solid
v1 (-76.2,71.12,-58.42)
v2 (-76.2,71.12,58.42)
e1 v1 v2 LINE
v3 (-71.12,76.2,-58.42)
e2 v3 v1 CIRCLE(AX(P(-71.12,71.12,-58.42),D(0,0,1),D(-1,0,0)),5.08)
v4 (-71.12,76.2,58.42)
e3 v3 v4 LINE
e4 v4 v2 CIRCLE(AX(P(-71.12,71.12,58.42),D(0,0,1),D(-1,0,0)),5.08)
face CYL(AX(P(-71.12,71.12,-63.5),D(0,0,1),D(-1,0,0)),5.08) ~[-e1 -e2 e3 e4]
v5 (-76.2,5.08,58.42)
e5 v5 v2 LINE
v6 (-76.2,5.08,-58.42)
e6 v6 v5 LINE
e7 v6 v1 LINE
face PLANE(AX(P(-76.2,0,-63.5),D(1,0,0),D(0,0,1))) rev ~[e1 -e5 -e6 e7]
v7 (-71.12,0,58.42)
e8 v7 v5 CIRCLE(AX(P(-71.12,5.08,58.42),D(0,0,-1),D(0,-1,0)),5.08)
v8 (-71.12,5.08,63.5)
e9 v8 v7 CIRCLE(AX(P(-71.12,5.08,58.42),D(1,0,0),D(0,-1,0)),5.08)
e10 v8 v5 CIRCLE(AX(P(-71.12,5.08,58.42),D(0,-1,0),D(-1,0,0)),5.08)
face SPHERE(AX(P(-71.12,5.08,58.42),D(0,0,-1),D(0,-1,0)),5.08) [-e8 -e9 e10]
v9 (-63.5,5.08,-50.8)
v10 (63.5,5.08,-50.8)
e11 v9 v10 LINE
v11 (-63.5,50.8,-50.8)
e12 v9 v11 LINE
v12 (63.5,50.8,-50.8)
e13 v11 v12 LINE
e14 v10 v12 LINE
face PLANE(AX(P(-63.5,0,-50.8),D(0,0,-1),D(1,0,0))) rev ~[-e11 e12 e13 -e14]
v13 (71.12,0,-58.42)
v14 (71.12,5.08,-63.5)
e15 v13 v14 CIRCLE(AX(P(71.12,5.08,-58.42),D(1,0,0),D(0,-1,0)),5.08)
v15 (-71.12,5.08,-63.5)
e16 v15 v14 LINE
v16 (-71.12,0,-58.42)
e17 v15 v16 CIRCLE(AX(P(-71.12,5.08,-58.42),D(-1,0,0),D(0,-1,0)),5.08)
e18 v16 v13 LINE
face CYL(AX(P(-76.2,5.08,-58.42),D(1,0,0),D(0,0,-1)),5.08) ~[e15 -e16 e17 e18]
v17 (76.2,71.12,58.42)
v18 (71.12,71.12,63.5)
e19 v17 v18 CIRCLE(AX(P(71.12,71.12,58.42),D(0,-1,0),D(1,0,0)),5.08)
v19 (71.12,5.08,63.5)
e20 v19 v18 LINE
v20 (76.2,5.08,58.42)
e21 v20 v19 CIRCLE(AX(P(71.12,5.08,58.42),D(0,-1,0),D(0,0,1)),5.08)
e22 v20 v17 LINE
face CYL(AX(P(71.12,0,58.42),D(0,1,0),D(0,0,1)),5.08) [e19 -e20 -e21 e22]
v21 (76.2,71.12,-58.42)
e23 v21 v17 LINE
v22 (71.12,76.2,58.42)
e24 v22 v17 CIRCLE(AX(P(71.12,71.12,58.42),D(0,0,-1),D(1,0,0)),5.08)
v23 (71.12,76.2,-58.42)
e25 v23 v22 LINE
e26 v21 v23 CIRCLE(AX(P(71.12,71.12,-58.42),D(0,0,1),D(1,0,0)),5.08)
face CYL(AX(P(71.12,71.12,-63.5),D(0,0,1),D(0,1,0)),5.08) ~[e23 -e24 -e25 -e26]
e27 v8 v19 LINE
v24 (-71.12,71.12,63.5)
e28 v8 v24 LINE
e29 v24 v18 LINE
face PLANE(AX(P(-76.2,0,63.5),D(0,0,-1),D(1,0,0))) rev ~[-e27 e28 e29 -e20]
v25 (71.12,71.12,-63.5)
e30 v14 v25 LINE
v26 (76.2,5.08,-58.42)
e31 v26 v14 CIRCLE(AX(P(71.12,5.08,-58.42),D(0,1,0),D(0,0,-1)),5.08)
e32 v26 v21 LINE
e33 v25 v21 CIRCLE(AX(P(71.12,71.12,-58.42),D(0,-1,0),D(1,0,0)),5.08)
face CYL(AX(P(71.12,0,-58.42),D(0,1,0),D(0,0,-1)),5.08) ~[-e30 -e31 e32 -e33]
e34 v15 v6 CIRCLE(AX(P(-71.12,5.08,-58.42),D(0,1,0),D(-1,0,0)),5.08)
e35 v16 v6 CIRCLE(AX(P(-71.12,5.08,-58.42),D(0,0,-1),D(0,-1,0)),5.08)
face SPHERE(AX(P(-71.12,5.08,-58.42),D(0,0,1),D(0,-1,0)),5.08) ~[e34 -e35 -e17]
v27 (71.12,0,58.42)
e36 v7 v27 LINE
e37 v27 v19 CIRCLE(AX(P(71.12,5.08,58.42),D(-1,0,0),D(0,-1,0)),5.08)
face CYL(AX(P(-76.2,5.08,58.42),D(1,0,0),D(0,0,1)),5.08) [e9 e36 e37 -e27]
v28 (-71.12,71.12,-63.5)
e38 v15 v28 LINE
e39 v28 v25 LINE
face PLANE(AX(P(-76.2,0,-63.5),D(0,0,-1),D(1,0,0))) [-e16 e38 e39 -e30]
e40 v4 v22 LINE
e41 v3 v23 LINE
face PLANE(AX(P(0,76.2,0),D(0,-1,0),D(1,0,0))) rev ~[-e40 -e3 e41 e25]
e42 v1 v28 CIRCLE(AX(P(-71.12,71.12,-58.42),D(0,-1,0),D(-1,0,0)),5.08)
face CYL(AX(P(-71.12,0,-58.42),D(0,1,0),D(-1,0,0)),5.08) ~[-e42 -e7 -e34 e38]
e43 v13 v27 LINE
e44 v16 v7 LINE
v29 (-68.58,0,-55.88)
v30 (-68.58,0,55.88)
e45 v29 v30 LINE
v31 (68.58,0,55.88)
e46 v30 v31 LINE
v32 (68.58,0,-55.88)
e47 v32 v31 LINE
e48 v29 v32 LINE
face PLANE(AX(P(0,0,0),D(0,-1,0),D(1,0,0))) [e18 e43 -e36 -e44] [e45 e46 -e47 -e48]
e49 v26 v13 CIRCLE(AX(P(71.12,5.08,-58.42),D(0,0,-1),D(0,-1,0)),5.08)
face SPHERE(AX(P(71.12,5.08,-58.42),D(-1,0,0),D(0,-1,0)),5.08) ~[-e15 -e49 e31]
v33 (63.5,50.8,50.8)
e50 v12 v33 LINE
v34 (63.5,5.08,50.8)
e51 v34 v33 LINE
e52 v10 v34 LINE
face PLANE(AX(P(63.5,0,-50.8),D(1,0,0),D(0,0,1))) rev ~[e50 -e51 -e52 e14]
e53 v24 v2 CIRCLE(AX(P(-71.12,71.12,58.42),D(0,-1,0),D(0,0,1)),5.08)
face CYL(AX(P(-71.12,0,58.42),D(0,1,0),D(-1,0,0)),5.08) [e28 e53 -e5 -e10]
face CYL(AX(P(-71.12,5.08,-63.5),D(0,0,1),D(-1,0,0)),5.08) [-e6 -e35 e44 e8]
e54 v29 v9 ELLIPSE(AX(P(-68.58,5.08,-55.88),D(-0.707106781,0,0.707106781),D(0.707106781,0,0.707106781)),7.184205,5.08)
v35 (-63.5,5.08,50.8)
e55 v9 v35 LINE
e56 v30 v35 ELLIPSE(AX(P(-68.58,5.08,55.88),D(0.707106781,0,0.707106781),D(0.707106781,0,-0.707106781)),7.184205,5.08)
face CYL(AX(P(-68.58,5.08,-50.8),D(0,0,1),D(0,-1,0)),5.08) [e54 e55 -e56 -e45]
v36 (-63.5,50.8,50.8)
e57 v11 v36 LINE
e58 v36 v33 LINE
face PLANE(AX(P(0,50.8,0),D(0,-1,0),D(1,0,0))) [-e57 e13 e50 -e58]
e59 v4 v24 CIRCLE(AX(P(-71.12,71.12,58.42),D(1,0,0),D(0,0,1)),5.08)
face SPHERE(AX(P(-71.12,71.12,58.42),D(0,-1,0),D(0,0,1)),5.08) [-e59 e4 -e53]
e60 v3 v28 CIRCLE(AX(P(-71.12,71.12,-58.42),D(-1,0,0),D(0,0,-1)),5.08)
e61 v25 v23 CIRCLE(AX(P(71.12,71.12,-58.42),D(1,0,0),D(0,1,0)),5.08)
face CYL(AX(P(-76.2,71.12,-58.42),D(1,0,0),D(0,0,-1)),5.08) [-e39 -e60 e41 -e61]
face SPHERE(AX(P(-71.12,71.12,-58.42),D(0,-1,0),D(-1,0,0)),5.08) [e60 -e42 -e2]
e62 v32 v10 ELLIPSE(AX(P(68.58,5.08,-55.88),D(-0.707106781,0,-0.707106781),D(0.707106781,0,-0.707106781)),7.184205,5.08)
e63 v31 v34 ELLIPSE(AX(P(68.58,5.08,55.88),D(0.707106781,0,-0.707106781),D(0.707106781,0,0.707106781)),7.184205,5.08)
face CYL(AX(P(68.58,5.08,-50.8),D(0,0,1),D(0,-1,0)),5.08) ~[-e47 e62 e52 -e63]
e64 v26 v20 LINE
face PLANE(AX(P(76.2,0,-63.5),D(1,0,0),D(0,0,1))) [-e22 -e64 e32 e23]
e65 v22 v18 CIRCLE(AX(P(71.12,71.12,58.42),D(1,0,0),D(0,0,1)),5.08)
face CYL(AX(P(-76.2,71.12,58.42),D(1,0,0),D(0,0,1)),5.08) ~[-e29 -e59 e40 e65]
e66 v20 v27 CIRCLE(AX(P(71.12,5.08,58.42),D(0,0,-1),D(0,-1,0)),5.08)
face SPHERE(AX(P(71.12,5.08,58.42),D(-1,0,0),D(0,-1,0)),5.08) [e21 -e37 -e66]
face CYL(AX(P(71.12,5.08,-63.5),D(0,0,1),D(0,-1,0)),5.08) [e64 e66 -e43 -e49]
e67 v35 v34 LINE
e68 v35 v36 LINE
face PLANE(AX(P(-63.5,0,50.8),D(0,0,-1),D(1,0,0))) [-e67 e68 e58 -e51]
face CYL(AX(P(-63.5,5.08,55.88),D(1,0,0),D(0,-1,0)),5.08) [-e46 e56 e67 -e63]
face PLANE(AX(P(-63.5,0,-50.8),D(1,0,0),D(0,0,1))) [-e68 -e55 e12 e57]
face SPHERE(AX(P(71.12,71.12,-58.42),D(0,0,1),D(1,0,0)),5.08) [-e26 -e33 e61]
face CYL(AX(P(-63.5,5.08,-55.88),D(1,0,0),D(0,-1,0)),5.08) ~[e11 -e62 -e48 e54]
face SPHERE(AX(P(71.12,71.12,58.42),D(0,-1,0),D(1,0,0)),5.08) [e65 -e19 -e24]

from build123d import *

# Parameters (mm, degrees)
F0_W     = 152.4
F0_H     = 127
F1_DEPTH = 76.2
F2_W     = 127
F2_H     = 101.6
F3_DEPTH = 50.8
F4_R     = 5.08


with BuildPart() as f1:
    # F0 (on Front) → F1 (new body)
    with BuildSketch(Plane.XZ):
        Rectangle(F0_W, F0_H)
    extrude(amount=-F1_DEPTH)

    # F2 (on face) → F3 (cut)
    with BuildSketch(Plane.XZ):
        Rectangle(F2_W, F2_H)
    extrude(amount=-F3_DEPTH, mode=Mode.SUBTRACT)

    # F4
    f4_edges = [f1.edges().sort_by_distance(p)[0] for p in [
        (-76.2, 0, 0),
        (0, 0, 63.5),
        (0, 0, 50.8),
        (-63.5, 0, 0),
        (0, 0, -50.8),
        (0, 0, -63.5),
        (76.2, 0, 0),
        (63.5, 0, 0),
        (76.2, 38.1, 63.5),
        (76.2, 76.2, 0),
        (76.2, 38.1, -63.5),
        (-76.2, 38.1, 63.5),
        (0, 76.2, 63.5),
        (-76.2, 38.1, -63.5),
        (-76.2, 76.2, 0),
        (0, 76.2, -63.5),
    ]]
    fillet(f4_edges, radius=F4_R)


solid = f1.part
